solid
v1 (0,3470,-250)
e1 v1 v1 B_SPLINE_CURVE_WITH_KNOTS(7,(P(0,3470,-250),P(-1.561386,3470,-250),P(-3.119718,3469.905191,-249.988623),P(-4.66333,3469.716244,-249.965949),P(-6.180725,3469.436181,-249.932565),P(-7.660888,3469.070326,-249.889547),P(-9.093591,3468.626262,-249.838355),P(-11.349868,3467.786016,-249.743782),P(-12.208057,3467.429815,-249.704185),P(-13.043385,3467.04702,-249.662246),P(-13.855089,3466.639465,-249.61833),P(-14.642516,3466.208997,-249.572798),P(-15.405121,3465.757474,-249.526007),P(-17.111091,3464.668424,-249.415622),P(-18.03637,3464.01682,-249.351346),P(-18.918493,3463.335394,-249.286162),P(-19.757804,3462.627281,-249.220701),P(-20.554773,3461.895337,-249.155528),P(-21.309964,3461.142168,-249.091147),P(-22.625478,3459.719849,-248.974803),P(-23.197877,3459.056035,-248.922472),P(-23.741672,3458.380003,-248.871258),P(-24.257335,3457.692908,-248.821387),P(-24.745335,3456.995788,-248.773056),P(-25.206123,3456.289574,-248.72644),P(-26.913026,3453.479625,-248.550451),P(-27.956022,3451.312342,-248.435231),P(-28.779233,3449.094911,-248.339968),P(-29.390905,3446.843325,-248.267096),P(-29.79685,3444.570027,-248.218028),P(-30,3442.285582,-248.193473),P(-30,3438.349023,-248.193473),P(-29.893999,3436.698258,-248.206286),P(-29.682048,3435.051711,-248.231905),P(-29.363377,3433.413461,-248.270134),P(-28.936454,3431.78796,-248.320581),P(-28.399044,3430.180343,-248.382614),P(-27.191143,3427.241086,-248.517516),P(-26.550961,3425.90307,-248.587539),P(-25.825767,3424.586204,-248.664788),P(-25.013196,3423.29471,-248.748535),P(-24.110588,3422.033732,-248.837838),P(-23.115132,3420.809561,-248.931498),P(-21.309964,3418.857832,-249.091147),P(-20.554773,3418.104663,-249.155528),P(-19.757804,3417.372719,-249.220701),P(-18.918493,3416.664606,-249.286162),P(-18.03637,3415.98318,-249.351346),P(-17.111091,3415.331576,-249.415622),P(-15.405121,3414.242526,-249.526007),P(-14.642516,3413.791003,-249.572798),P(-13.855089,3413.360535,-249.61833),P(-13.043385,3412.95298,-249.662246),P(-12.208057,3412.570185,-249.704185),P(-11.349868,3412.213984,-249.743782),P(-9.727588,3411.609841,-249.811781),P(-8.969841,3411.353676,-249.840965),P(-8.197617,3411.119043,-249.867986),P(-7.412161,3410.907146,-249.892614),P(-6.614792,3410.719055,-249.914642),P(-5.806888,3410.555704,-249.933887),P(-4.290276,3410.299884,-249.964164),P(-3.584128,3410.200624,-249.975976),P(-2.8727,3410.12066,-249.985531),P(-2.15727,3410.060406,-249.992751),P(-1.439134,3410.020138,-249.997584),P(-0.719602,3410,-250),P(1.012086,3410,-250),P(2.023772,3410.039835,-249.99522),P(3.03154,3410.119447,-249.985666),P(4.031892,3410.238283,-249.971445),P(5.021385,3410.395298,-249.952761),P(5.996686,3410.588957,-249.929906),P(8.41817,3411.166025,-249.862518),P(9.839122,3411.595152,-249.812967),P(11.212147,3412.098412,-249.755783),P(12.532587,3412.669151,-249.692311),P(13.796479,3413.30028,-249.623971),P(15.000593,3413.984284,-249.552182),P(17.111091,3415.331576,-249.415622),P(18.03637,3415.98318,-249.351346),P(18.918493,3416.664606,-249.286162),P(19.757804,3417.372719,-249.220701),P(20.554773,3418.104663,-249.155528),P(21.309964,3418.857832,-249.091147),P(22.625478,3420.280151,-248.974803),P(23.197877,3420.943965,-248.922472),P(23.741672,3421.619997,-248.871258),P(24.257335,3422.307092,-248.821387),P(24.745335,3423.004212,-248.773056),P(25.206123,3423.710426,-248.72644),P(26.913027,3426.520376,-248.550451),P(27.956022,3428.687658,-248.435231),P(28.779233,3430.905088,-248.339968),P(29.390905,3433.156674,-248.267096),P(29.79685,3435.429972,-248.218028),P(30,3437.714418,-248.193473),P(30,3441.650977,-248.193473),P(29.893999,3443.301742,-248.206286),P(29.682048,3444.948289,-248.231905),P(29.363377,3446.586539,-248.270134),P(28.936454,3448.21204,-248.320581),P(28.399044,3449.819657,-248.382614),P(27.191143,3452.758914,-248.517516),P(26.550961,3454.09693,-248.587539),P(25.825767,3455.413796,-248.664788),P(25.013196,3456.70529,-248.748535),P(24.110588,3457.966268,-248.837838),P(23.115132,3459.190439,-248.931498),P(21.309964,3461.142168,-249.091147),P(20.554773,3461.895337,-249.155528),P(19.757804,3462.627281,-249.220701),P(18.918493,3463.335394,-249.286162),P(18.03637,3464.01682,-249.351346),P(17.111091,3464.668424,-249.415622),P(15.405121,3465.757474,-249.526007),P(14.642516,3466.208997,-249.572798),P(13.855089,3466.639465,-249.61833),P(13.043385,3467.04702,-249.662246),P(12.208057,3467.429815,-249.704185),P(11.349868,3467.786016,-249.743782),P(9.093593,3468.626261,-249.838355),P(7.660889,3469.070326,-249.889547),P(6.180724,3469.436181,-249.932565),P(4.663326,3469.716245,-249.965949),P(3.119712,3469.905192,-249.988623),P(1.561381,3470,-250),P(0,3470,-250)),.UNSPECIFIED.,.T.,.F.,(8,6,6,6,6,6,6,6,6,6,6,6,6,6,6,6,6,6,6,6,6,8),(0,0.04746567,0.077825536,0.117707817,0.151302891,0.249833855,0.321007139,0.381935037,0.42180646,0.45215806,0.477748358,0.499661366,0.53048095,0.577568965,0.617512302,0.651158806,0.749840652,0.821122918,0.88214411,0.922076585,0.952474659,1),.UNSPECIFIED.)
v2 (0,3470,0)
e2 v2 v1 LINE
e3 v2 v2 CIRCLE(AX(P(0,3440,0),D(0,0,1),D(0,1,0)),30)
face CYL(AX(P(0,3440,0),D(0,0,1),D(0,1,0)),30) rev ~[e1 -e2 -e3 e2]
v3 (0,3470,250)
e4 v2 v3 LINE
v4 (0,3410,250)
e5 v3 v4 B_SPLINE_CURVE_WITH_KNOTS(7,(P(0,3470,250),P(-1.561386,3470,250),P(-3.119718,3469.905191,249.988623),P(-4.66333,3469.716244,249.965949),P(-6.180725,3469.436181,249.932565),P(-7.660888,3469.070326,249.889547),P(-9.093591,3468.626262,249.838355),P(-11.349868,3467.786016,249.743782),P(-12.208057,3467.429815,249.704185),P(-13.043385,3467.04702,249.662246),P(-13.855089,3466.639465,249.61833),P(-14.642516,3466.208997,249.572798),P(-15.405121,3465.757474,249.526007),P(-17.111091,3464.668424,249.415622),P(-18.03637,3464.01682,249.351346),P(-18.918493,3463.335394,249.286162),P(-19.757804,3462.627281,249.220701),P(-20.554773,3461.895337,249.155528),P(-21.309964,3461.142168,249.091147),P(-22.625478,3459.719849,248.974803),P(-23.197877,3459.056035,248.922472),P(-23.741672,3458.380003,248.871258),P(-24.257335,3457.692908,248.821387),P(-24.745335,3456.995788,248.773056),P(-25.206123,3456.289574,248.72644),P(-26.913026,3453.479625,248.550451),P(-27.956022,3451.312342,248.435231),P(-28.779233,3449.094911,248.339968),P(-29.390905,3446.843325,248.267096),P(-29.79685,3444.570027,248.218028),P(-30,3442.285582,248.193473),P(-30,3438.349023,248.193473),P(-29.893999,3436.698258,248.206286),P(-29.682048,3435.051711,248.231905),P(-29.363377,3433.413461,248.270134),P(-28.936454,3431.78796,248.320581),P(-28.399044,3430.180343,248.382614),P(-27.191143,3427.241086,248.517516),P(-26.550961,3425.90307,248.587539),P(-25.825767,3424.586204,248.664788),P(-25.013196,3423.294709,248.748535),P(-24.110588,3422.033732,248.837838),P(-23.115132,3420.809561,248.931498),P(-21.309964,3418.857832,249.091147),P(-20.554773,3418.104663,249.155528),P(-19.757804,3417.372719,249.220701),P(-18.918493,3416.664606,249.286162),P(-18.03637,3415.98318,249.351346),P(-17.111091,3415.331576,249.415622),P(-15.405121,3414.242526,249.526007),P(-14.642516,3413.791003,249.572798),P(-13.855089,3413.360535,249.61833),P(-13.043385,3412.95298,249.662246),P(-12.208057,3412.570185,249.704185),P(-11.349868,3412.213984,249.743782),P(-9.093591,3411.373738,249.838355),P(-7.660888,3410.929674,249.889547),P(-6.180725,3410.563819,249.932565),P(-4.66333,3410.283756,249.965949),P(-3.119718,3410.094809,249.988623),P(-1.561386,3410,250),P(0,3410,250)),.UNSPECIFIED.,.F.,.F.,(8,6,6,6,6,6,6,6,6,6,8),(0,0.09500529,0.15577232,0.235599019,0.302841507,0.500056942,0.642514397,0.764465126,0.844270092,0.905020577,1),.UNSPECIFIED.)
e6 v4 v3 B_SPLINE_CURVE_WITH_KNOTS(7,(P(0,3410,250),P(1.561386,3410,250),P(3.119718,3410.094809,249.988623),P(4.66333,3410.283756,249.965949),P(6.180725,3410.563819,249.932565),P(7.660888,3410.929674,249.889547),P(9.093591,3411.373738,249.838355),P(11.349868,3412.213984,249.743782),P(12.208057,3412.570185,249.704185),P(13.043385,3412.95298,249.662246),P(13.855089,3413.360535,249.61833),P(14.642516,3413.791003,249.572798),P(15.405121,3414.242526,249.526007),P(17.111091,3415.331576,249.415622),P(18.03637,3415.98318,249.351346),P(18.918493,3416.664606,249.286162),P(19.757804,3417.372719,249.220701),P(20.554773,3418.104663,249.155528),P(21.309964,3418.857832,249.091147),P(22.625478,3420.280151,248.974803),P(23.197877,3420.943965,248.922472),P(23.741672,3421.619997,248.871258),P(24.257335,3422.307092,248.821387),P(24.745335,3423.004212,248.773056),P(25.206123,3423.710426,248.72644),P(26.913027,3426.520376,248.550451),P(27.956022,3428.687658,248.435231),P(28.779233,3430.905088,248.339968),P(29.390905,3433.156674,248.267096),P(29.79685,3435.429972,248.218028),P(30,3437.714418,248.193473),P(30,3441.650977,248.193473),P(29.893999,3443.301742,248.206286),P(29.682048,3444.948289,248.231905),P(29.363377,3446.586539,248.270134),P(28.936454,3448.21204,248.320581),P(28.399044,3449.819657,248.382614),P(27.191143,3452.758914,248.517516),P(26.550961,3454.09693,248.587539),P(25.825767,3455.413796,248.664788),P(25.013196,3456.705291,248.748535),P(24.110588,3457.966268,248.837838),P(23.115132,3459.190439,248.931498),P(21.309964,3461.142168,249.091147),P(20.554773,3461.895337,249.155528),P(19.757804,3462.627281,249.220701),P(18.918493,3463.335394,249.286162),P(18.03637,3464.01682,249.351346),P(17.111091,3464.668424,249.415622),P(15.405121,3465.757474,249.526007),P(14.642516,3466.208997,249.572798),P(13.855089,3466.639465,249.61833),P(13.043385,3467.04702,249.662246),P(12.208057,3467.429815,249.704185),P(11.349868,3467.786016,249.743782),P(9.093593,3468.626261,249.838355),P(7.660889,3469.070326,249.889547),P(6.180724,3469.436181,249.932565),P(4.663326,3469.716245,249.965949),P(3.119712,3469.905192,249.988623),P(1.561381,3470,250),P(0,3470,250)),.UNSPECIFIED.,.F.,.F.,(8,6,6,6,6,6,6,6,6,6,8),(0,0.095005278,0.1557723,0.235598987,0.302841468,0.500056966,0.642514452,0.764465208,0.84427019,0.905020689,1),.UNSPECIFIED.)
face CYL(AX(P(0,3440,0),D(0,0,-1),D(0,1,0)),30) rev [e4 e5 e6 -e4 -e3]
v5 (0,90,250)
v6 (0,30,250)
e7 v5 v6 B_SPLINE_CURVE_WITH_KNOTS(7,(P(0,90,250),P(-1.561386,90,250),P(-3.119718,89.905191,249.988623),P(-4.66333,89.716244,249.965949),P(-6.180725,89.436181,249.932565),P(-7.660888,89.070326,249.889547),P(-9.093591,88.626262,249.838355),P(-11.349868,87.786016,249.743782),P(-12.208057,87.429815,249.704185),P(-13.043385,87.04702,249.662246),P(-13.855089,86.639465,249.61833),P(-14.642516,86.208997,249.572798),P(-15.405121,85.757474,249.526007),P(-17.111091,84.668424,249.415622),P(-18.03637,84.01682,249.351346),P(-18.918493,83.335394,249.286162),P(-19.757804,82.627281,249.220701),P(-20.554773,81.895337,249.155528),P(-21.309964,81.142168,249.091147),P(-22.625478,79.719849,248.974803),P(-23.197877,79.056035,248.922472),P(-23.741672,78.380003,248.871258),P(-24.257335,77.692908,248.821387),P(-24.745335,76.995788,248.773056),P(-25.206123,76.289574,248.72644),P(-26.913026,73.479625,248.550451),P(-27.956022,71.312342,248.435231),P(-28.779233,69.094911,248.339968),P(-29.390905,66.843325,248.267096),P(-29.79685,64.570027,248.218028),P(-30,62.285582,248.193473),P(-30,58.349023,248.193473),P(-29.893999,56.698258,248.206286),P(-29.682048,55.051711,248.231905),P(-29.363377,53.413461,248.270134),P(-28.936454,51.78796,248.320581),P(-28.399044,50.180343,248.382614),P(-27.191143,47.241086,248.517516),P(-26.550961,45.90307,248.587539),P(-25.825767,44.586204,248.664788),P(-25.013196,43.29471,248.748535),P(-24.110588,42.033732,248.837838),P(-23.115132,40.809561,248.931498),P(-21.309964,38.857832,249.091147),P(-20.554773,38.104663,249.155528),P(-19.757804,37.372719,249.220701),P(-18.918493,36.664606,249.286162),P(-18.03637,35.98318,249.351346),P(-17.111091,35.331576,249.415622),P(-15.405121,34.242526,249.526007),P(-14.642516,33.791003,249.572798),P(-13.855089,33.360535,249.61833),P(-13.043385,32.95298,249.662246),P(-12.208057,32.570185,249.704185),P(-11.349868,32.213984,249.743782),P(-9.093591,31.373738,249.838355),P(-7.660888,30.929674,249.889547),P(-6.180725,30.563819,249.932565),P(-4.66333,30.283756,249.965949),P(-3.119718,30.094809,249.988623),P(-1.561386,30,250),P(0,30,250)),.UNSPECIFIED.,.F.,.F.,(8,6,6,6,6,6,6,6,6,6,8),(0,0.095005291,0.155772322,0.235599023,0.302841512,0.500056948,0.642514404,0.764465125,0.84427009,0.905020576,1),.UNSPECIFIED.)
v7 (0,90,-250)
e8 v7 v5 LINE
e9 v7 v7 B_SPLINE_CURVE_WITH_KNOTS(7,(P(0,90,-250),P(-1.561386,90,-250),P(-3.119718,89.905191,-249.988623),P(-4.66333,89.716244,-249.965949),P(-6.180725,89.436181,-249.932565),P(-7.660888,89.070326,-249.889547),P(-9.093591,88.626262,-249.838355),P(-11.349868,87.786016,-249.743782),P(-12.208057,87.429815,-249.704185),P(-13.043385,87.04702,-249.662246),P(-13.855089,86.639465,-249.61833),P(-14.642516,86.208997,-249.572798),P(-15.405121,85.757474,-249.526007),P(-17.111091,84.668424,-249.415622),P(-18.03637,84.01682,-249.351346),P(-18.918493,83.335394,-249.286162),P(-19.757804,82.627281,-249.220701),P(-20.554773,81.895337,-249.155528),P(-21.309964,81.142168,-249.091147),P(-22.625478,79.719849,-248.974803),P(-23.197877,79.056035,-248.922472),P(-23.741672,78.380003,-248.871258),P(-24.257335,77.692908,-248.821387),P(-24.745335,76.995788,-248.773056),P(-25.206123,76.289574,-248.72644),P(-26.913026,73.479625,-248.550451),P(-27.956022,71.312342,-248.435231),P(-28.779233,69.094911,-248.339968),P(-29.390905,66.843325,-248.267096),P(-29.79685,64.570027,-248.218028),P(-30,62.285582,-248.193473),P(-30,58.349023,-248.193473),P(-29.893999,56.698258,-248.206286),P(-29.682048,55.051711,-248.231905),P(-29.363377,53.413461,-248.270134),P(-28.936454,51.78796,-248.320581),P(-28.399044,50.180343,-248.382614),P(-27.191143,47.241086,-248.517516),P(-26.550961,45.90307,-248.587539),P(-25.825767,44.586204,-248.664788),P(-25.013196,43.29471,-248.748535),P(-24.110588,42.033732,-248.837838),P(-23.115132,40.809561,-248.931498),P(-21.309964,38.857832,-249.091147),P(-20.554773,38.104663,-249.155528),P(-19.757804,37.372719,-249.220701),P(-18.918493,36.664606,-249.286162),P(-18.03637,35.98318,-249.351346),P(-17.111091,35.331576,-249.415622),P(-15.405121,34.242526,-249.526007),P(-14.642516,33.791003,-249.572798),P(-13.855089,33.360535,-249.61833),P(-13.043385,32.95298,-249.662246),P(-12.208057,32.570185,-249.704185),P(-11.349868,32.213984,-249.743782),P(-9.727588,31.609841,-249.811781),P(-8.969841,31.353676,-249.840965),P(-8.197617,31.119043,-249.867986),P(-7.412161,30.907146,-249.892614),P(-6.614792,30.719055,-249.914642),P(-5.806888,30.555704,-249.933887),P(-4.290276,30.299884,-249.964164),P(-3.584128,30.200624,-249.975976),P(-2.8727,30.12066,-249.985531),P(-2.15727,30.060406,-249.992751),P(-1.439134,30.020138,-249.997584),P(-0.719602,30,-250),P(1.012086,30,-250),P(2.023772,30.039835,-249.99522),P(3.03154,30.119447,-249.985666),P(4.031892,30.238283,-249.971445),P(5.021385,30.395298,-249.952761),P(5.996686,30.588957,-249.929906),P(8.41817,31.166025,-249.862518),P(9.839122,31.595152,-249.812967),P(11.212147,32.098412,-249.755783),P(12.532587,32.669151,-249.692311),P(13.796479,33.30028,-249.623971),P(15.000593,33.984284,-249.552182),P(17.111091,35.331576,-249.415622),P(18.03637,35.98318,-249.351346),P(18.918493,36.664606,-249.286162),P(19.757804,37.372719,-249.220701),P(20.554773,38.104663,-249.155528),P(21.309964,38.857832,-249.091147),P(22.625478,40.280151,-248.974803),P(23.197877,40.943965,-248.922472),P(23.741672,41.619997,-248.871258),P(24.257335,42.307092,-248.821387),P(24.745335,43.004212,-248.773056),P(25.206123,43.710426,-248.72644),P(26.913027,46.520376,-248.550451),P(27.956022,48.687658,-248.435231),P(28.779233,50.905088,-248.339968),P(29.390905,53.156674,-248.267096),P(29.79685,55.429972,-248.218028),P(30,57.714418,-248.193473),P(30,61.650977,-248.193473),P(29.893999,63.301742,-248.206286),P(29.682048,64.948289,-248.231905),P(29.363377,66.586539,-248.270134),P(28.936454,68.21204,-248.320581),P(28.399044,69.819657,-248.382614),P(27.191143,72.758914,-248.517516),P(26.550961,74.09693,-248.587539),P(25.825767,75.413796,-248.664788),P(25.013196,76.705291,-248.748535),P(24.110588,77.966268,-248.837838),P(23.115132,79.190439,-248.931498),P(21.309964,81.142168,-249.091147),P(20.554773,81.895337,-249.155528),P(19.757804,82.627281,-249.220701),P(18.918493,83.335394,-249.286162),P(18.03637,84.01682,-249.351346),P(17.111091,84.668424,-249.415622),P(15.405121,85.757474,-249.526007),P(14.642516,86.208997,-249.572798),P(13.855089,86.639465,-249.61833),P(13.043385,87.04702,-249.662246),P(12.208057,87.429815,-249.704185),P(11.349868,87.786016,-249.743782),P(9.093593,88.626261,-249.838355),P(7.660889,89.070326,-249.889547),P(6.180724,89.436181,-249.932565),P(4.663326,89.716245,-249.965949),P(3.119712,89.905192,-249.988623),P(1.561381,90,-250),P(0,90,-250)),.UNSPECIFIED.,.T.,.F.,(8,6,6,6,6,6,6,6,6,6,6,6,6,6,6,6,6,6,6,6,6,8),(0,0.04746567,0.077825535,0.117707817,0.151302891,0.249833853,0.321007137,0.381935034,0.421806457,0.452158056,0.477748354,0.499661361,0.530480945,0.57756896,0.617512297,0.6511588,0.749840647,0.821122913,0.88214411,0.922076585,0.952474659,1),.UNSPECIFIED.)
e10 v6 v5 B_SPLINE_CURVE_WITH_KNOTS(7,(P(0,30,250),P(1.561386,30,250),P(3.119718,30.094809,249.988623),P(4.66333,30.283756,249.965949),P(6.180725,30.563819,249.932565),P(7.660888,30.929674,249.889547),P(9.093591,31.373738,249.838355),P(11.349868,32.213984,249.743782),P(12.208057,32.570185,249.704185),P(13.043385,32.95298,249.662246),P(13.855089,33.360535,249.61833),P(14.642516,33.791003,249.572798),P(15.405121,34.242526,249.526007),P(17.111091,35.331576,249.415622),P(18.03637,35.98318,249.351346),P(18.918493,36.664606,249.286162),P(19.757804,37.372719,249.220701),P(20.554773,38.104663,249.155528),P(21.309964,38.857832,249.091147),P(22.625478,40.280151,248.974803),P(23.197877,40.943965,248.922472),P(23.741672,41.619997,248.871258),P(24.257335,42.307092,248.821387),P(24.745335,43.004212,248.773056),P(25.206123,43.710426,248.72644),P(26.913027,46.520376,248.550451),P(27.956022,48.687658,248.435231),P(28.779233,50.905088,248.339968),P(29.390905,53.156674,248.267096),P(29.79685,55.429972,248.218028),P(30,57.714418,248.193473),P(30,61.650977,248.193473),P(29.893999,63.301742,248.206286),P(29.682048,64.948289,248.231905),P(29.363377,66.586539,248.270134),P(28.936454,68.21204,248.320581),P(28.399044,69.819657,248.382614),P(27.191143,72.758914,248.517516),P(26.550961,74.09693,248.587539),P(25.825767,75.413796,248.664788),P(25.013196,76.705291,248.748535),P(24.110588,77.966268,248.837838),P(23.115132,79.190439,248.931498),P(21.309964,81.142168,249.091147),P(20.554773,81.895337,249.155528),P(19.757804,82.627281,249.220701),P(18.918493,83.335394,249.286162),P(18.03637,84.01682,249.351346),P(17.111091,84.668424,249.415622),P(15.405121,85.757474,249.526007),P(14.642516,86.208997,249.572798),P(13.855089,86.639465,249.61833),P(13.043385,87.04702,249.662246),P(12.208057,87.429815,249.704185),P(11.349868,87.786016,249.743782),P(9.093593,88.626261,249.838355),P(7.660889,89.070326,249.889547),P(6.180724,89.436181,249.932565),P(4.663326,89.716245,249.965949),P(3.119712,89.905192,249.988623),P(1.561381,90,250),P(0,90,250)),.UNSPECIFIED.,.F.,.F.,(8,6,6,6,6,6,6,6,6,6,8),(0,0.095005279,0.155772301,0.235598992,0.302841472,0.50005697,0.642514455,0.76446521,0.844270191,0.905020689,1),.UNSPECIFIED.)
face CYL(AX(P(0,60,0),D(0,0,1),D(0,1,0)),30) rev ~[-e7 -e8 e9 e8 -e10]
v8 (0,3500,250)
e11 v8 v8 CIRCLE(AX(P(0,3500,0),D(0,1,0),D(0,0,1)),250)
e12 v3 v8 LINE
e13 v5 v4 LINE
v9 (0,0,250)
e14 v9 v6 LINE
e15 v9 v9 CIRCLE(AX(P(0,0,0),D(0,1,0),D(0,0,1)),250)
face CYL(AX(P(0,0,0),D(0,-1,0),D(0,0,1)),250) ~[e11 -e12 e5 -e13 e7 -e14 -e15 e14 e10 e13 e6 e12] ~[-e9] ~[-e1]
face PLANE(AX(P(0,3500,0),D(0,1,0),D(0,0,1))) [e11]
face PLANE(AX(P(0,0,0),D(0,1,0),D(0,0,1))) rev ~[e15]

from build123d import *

# Parameters (mm, degrees)
SKETCH1_R           = 250
BOSS_EXTRUDE1_DEPTH = 3500
SKETCH2_R           = 30
CUT_EXTRUDE1_DEPTH  = 1500


with BuildPart() as part:
    # Sketch1 → Boss-Extrude1 (new body)
    with BuildSketch(Plane(origin=(0, 0, 0), x_dir=(1, 0, 0), z_dir=(0, 1, 0))):
        with Locations(Location((0, 0, 0), (0, 0, 270))):
            Circle(SKETCH1_R)
    extrude(amount=BOSS_EXTRUDE1_DEPTH)

    # Sketch2 → Cut-Extrude1 (cut, symmetric)
    with BuildSketch(Plane.XY):
        with Locations(Location((0, 3440, 0), (0, 0, 90))):
            Circle(SKETCH2_R)
        with Locations(Location((0, 60, 0), (0, 0, 90))):
            Circle(SKETCH2_R)
    extrude(amount=CUT_EXTRUDE1_DEPTH, both=True, mode=Mode.SUBTRACT)


solid = part.part
